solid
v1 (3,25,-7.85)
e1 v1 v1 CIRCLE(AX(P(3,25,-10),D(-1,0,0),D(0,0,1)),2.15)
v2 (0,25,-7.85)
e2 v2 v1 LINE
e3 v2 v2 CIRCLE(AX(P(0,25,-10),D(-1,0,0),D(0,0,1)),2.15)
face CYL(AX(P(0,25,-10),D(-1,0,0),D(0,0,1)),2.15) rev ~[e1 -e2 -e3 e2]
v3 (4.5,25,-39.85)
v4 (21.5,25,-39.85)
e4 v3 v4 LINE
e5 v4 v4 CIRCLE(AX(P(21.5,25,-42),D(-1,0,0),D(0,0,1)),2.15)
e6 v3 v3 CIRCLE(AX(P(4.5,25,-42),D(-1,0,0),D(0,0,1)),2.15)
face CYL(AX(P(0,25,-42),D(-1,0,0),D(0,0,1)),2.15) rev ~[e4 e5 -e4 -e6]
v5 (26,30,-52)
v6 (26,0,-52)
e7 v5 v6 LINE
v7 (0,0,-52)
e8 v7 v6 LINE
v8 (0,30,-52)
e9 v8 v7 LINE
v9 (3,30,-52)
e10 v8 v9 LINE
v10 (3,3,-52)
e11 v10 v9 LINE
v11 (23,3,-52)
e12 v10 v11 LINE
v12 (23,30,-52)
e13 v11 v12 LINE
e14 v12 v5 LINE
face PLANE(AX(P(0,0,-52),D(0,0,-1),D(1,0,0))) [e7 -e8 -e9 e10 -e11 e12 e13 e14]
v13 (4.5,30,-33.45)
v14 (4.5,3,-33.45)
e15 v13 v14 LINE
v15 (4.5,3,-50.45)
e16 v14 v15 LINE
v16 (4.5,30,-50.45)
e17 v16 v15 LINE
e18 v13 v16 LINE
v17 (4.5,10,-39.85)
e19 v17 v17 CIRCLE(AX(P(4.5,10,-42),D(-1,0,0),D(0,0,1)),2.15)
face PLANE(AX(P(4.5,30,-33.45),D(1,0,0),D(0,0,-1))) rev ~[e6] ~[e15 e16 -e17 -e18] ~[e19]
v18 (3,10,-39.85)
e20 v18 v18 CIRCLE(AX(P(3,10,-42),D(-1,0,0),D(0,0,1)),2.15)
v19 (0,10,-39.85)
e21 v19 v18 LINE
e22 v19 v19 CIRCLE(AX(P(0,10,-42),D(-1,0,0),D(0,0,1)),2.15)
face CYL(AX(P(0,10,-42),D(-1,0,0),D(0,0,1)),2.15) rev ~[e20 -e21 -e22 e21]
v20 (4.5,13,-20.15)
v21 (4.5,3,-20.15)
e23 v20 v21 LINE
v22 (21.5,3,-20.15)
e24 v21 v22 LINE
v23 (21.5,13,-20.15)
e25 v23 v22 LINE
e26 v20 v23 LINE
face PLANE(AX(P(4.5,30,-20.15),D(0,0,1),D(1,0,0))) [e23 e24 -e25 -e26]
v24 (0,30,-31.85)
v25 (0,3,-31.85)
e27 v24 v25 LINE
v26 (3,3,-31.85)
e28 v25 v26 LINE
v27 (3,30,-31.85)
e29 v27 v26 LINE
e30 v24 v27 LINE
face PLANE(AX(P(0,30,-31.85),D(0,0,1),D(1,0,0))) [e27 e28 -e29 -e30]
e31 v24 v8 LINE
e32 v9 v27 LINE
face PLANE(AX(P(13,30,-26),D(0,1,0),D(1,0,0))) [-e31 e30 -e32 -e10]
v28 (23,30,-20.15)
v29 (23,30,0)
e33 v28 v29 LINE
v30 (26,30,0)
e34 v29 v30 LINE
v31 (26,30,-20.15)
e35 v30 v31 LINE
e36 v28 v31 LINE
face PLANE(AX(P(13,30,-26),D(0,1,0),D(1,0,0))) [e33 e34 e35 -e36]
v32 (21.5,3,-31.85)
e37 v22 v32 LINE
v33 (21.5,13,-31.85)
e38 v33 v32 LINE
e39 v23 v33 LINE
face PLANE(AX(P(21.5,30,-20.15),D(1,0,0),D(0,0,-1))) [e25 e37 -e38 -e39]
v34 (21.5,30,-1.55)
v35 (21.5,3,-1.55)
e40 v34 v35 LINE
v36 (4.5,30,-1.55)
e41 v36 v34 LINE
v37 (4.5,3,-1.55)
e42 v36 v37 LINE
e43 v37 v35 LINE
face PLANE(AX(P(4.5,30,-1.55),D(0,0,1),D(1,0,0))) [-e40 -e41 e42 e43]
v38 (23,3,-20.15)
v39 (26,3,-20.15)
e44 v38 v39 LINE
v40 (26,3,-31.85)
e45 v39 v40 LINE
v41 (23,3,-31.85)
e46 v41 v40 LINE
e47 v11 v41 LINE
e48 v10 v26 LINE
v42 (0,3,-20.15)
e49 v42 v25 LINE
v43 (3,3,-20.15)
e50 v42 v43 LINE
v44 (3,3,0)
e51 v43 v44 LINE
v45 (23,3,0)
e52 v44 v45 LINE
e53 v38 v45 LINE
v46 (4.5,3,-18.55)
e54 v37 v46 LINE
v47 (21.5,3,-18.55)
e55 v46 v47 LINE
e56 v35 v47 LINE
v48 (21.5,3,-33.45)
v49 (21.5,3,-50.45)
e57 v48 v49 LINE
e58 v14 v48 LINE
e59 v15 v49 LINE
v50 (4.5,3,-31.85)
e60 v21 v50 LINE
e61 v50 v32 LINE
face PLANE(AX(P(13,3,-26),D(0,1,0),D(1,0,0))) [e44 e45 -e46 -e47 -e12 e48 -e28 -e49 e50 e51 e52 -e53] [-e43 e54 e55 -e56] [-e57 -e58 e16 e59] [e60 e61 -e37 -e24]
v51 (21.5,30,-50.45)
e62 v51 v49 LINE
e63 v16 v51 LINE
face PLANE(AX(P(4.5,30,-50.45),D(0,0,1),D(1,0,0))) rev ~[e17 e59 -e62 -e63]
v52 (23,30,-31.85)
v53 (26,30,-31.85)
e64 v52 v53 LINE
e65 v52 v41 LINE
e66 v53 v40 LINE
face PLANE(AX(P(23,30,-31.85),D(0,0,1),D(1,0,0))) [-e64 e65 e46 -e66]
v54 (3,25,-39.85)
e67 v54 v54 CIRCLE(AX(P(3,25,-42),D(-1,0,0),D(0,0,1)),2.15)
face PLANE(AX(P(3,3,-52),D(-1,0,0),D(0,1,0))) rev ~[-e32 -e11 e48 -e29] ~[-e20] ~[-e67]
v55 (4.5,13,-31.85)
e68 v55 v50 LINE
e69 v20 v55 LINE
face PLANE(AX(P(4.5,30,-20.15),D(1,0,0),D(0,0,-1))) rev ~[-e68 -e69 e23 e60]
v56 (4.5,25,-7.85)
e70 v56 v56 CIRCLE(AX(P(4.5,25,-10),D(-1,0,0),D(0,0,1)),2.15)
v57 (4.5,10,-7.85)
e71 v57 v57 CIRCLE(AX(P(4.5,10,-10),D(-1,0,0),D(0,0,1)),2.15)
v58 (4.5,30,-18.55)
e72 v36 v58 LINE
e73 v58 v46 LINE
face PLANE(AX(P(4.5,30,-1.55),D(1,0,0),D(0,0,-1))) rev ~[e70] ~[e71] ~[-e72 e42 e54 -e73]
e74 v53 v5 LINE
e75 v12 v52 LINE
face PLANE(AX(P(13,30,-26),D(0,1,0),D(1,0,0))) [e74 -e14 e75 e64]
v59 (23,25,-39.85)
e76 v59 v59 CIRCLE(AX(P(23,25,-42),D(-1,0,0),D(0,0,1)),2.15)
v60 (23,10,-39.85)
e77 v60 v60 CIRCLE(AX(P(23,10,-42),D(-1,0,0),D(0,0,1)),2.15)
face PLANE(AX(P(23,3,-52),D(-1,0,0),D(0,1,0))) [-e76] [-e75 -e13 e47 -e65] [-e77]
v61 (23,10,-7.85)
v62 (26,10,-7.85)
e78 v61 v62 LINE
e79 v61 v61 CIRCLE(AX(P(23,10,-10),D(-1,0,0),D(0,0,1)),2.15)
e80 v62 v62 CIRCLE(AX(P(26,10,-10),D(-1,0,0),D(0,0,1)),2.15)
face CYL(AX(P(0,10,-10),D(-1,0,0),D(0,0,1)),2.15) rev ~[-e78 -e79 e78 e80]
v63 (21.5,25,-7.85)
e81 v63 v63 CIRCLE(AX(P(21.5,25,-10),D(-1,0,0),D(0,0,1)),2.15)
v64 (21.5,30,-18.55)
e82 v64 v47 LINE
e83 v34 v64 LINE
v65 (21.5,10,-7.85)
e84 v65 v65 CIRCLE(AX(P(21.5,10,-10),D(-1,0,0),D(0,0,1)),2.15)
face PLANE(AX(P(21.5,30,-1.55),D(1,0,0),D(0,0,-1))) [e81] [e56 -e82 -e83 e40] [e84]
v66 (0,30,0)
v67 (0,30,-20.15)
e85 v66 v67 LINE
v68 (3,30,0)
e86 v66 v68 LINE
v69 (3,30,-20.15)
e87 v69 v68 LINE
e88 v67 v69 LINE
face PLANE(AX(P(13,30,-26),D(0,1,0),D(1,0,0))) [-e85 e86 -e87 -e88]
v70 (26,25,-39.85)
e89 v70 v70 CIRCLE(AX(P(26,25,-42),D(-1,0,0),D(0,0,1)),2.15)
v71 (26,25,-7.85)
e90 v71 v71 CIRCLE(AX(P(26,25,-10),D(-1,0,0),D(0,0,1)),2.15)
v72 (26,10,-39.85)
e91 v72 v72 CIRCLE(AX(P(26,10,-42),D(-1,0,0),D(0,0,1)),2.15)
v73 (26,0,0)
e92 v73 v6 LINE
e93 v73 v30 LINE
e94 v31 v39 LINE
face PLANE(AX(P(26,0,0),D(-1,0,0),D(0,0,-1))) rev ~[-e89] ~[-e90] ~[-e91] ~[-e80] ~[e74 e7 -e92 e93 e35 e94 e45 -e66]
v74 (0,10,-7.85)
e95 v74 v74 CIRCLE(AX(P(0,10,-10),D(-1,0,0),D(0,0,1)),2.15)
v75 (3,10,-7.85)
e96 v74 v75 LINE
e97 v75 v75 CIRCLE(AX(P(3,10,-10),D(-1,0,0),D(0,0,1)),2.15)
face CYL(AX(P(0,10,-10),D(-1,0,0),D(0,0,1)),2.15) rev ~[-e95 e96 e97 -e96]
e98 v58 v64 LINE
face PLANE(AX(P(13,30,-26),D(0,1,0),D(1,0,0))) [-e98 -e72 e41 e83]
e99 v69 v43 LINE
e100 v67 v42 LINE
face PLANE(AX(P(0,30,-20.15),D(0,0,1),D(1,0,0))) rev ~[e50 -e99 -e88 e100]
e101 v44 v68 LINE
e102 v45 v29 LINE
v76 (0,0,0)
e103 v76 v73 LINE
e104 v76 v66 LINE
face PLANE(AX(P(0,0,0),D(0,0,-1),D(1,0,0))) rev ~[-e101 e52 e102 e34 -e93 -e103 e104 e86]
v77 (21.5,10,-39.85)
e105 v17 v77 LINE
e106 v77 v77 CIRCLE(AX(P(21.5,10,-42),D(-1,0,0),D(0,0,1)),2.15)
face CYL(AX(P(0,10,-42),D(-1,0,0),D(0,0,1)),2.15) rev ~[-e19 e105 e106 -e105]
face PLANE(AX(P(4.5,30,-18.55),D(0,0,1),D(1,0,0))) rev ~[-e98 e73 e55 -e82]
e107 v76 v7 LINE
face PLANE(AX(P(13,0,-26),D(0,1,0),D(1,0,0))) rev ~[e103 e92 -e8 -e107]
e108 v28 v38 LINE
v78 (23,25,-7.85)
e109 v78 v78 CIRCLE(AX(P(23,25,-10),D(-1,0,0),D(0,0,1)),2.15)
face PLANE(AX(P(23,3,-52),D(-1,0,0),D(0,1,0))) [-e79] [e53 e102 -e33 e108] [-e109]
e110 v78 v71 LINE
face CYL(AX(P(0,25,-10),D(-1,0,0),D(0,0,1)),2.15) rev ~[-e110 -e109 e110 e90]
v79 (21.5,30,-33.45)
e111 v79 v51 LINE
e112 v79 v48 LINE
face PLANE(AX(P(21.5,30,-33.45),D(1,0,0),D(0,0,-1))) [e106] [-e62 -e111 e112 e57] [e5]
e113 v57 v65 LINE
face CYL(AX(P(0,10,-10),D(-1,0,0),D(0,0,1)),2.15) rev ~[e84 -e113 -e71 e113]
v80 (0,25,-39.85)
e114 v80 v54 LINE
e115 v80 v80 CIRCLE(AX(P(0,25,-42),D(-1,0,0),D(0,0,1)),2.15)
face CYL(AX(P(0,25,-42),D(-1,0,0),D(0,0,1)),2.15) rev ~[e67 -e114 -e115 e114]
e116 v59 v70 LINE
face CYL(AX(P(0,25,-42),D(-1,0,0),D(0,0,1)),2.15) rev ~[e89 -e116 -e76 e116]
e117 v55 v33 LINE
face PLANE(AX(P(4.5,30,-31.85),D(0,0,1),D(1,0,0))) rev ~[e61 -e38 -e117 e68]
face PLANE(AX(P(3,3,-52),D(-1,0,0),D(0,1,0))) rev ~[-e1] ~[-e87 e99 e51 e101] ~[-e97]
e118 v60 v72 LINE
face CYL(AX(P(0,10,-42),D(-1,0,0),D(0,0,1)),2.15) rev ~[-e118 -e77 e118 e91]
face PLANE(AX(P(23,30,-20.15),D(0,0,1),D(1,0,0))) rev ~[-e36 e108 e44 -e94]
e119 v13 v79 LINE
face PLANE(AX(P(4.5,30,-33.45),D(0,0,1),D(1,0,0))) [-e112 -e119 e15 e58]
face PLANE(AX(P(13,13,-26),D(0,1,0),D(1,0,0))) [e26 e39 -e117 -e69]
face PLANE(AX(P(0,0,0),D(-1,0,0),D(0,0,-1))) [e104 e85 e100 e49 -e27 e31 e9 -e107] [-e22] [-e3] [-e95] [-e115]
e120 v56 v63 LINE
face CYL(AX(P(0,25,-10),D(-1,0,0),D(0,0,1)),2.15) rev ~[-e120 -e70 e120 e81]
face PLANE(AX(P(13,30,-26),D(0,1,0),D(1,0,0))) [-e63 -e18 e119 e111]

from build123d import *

# Parameters (mm, degrees)
SKETCH1_W           = 26
SKETCH1_H           = 52
BOSS_EXTRUDE1_DEPTH = 30
SKETCH2_W           = 1.5
SKETCH2_H           = 27
CUT_EXTRUDE1_DEPTH  = 53
SKETCH3_OUTSIDE_W   = 41.084
SKETCH3_OUTSIDE_H   = 67.084
SKETCH3_OUTSIDE_W_2 = 17
SKETCH3_OUTSIDE_H_2 = 17
SKETCH3_OUTSIDE_H_3 = 11.7
SKETCH3_OUTSIDE_W_3 = 3
SKETCH3_OUTSIDE_H_4 = 20.15
CUT_EXTRUDE2_DEPTH  = 27
SKETCH4_W           = 17
SKETCH4_H           = 11.7
CUT_EXTRUDE3_DEPTH  = 17
SKETCH5_R           = 2.15
CUT_EXTRUDE4_DEPTH  = 27


with BuildPart() as part:
    # Sketch1 → Boss-Extrude1 (new body)
    with BuildSketch(Plane(origin=(0, 0, 0), x_dir=(1, 0, 0), z_dir=(0, 1, 0))):
        with Locations((13, 26)):
            Rectangle(SKETCH1_W, SKETCH1_H)
    extrude(amount=BOSS_EXTRUDE1_DEPTH)

    # Sketch2 → Cut-Extrude1 (cut, through all)
    with BuildSketch(Plane(origin=(0, 0, -52), x_dir=(-1, 0, 0), z_dir=(0, 0, -1))):
        with Locations((-22.25, 16.5)):
            Rectangle(SKETCH2_W, SKETCH2_H)
        with Locations((-3.75, 16.5)):
            Rectangle(SKETCH2_W, SKETCH2_H)
    extrude(amount=-CUT_EXTRUDE1_DEPTH, mode=Mode.SUBTRACT)

    # Sketch3 outside → Cut-Extrude2 (cut)
    with BuildSketch(Plane(origin=(0, 30, 0), x_dir=(1, 0, 0), z_dir=(0, 1, 0))):
        with Locations((13, 26)):
            Rectangle(SKETCH3_OUTSIDE_W, SKETCH3_OUTSIDE_H)
        with Locations((13, 41.95)):
            Rectangle(SKETCH3_OUTSIDE_W_2, SKETCH3_OUTSIDE_H_2, mode=Mode.SUBTRACT)
        with Locations((13, 26)):
            Rectangle(SKETCH3_OUTSIDE_W_2, SKETCH3_OUTSIDE_H_3, mode=Mode.SUBTRACT)
        with Locations((13, 10.05)):
            Rectangle(SKETCH3_OUTSIDE_W_2, SKETCH3_OUTSIDE_H_2, mode=Mode.SUBTRACT)
        with Locations((1.5, 41.925)):
            Rectangle(SKETCH3_OUTSIDE_W_3, SKETCH3_OUTSIDE_H_4, mode=Mode.SUBTRACT)
        with Locations((24.5, 41.925)):
            Rectangle(SKETCH3_OUTSIDE_W_3, SKETCH3_OUTSIDE_H_4, mode=Mode.SUBTRACT)
        with Locations((1.5, 10.075)):
            Rectangle(SKETCH3_OUTSIDE_W_3, SKETCH3_OUTSIDE_H_4, mode=Mode.SUBTRACT)
        with Locations((24.5, 10.075)):
            Rectangle(SKETCH3_OUTSIDE_W_3, SKETCH3_OUTSIDE_H_4, mode=Mode.SUBTRACT)
    extrude(amount=-CUT_EXTRUDE2_DEPTH, mode=Mode.SUBTRACT)

    # Sketch4 → Cut-Extrude3 (cut)
    with BuildSketch(Plane(origin=(0, 30, 0), x_dir=(1, 0, 0), z_dir=(0, 1, 0))):
        with Locations((13, 26)):
            Rectangle(SKETCH4_W, SKETCH4_H)
    extrude(amount=-CUT_EXTRUDE3_DEPTH, mode=Mode.SUBTRACT)

    # Sketch5 → Cut-Extrude4 (cut, through all)
    with BuildSketch(Plane.ZY):
        with Locations((-42, 25)):
            Circle(SKETCH5_R)
        with Locations((-42, 10)):
            Circle(SKETCH5_R)
        with Locations((-10, 25)):
            Circle(SKETCH5_R)
        with Locations((-10, 10)):
            Circle(SKETCH5_R)
    extrude(amount=-CUT_EXTRUDE4_DEPTH, mode=Mode.SUBTRACT)


solid = part.part
